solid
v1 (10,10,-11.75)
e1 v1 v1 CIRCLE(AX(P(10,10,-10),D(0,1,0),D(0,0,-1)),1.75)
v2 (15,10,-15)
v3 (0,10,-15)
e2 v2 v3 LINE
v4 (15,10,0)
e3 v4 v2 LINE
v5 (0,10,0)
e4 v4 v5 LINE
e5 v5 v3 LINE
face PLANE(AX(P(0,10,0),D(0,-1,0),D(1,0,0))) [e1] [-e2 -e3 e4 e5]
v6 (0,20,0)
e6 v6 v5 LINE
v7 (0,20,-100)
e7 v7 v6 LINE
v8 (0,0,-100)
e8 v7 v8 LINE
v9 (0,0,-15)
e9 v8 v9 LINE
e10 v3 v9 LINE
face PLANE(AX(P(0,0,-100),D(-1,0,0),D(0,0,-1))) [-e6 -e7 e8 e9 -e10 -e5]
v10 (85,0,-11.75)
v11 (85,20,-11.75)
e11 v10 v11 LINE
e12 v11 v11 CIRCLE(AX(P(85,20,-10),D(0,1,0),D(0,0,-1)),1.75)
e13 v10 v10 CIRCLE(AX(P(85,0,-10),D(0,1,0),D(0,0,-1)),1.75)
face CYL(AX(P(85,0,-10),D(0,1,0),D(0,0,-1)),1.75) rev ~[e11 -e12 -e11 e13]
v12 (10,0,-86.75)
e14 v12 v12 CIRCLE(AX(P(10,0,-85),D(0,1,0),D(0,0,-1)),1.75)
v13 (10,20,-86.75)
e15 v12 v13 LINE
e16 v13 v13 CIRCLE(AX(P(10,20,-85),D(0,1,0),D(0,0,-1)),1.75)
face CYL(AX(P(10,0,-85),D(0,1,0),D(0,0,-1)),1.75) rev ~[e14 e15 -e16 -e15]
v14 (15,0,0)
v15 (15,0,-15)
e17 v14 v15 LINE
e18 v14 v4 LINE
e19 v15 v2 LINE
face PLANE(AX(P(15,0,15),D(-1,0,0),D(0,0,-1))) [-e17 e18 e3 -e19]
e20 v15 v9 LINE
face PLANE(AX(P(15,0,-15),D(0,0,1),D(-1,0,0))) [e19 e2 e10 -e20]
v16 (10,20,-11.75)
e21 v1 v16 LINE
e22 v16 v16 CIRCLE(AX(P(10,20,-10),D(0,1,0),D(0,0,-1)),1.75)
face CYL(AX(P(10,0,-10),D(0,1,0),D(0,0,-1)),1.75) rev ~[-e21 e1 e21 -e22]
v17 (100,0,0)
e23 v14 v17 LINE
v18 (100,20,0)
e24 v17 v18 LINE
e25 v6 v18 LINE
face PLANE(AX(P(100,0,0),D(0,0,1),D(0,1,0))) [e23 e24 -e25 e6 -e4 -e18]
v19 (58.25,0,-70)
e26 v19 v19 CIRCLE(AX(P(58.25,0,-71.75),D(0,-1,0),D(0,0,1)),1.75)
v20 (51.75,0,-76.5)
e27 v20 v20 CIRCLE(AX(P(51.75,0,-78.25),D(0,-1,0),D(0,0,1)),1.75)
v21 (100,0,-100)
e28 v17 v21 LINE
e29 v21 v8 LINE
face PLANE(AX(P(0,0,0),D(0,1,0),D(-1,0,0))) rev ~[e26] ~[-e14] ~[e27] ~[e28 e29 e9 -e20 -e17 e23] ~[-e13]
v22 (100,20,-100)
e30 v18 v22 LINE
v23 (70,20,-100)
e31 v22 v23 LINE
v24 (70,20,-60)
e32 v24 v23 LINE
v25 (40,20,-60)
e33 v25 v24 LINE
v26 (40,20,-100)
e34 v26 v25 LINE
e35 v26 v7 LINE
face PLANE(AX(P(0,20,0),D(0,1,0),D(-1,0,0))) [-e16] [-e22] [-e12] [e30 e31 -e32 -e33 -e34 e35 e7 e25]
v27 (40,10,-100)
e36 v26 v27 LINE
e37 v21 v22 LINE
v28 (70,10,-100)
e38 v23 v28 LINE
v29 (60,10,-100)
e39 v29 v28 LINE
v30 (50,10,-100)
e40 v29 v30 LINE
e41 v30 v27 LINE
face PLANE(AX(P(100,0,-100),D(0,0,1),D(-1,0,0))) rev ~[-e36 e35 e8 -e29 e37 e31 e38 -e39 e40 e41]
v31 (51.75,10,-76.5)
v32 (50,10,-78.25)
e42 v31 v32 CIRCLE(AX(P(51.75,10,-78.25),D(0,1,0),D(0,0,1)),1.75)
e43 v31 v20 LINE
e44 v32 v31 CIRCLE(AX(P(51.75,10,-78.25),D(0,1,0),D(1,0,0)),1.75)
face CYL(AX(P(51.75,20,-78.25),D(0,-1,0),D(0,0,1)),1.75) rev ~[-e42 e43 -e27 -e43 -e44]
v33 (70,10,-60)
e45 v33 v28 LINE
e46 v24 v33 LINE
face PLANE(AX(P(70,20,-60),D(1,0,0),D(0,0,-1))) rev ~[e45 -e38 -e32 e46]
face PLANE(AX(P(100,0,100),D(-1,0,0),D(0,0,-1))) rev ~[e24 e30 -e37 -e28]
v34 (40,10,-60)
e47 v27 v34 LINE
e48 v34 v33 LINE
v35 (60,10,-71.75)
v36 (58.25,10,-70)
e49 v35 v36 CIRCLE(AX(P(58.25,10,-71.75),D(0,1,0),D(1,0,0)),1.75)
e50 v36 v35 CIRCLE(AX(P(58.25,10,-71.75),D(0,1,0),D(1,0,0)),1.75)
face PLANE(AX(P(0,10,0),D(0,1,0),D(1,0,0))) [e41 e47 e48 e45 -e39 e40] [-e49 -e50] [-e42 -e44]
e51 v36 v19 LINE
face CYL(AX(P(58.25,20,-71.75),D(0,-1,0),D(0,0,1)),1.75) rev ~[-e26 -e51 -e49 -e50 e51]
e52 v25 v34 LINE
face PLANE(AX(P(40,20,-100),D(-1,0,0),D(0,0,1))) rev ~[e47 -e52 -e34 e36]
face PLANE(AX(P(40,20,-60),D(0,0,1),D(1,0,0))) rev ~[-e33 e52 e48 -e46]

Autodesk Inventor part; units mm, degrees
ref_plane "YZ Plane" through (0, 0, 0) normal (1, 0, 0) x (0, 1, 0)
ref_plane "XZ Plane" through (0, 0, 0) normal (0, 1, 0) x (-1, 0, 0)
ref_plane "XY Plane" through (0, 0, 0) normal (0, 0, 1) x (1, 0, 0)
sketch "Boceto1" plane through (0, 0, 0) normal (0, 1, 0) x (-1, 0, 0)
  line L0 (100, 100) -> (-100, 100)
  line L1 (-100, 100) -> (-100, -100)
  line L2 (-100, -100) -> (100, -100)
  line L3 (100, -100) -> (100, 100)
  line L4 (100, 100) -> (-100, -100) construction
  line L5 (-100, 100) -> (100, -100) construction
  point P0 (0, 0)
  dimension "d0" = 200
  dimension "d1" = 200
extrude "Extrusión1" add sketch "Boceto1" along normal blind 20
sketch "Boceto2" plane through (0, 20, 0) normal (0, 1, 0) x (1, 0, 0)
  circle A0 centre (-11.5239, -30.0616) radius 3
  circle A1 centre (11.4761, -30.0616) radius 3
  circle A2 centre (-11.5239, -60.0616) radius 3
  circle A3 centre (11.4761, -60.0616) radius 3
  line L0 (-0.0239, -45.0616) -> (-35.0239, -45.0616)
  line L1 (-35.0239, -45.0616) -> (-35.0239, -80.0616)
  line L2 (-0.0239, -45.0616) -> (34.9761, -45.0616)
  line L3 (-11.5239, -30.0616) -> (11.4761, -60.0616)
  line L4 (-11.5239, -60.0616) -> (11.4761, -30.0616)
  line L5 (34.9761, -20.0616) -> (-35.0239, -20.0616)
  line L6 (-35.0239, -20.0616) -> (-35.0239, -80.0616)
  line L7 (34.9761, -80.0616) -> (34.9761, -20.0616)
  line L8 (-105, -100.0616) -> (105, -100.0616)
  line L9 (-105.0239, -80.0616) -> (104.9761, -80.0616)
  line L10 (-35.0239, -80.0616) -> (34.9761, -80.0616)
  line L11 (105, -100.0616) -> (95.8154, -100.0616)
  line L12 (-105.0239, -80.0616) -> (104.9761, -80.0616)
  line L13 (105, -80.0616) -> (-105, -80.0616)
  line L14 (-105, -100.0616) -> (105, -100.0616)
  line L15 (105, -90.0616) -> (94.0798, -90.0616)
  line L16 (-105, -100.0616) -> (105, -100.0616)
  line L17 (-105, -80.0616) -> (105, -80.0616)
  line L18 (105, -80.0616) -> (105, -100.0616)
  line L19 (105, -100.0616) -> (-105, -100.0616)
  line L20 (-105, -100.0616) -> (-105, -80.0616)
  line L21 (-100, 100) -> (-100, -100) projected
  line L22 (-100, -100) -> (100.4077, -100)
  point P0 (0, 0)
  point P1 (0, -10.0616)
  point P2 (0, -90.0616)
  point P3 (-0.0478, -80.0616)
  dimension "d4" = 20
  dimension "d5" = 20
  dimension "d6" = 30
  dimension "d7" = 30
  dimension "d8" = 20
  dimension "d9" = 35
  dimension "d10" = 35
  dimension "d11" = 60
extrude "Extrusión2" cut sketch "Boceto2" against normal blind 10
sketch "Boceto3" plane through (0, 20, 0) normal (0, 1, 0) x (1, 0, 0)
  circle A0 centre (-11.5239, -30.0616) radius 3 projected
  circle A1 centre (-11.5239, -30.0616) radius 3
  circle A2 centre (11.4761, -30.0616) radius 3 projected
  circle A3 centre (11.4761, -30.0616) radius 3
  circle A4 centre (11.4761, -60.0616) radius 3 projected
  circle A5 centre (11.4761, -60.0616) radius 3
  circle A6 centre (-11.5239, -60.0616) radius 3
  point P0 (0, 0)
extrude "Extrusión3" cut sketch "Boceto3" against normal blind 20
sketch "Boceto4" plane through (0, 20, 0) normal (0, 1, 0) x (1, 0, 0)
  circle A0 centre (-51.75, 78.25) radius 1.75
  line L0 (-50, 70) -> (-60, 70)
  line L1 (-60, 70) -> (-60, 80)
  line L2 (-60, 80) -> (-50, 80)
  line L3 (-50, 80) -> (-50, 70)
  line L4 (-50, 70) -> (-60, 80) construction
  line L5 (-60, 70) -> (-50, 80) construction
  line L6 (-105, 90) -> (-105, -90)
  circle A1 centre (-58.25, 71.75) radius 1.75
  line L7 (0, 90) -> (0, 77.3124)
  circle A2 centre (51.75, 78.25) radius 1.75
  line L8 (50, 70) -> (60, 70)
  line L9 (60, 70) -> (60, 80)
  line L10 (60, 80) -> (50, 80)
  line L11 (50, 80) -> (50, 70)
  line L12 (50, 70) -> (60, 80) construction
  line L13 (60, 70) -> (50, 80) construction
  circle A3 centre (58.25, 71.75) radius 1.75
  line L14 (100, 100) -> (-100, 100) projected
  line L15 (-100, 100) -> (-100, -80.0616) projected
  line L16 (100, -80.0616) -> (100, 100) projected
  point P0 (0, 0)
  point P1 (0, 0)
  point P2 (-60, 75)
  point P3 (60, 75)
  dimension "d16" = 3.5
  dimension "d18" = 1.75
  dimension "d19" = 1.75
  dimension "d20" = 1.75
  dimension "d21" = 1.75
  dimension "d22" = 10
  dimension "d23" = 10
  dimension "d25" = 20
  dimension "d26" = 40
  dimension "d27" = 40
hole "Agujero1" at (-58.25, 20, -71.75) at (-51.75, 20, -78.25) at (58.25, 20, -71.75) at (51.75, 20, -78.25) direction (0, -1, 0) diameter 3.5 end through all
sketch "Boceto5" plane through (0, 20, 0) normal (0, 1, 0) x (1, 0, 0)
  line L0 (0, 90) -> (0, 68.25)
  circle A0 centre (-51.75, 78.25) radius 1.75 projected
  line L1 (-50, 78.25) -> (-50, 100)
  circle A1 centre (-58.25, 71.75) radius 1.75 projected
  line L2 (-60, 71.75) -> (-60, 100)
  line L3 (-60, 100) -> (-70, 100)
  line L4 (-50, 100) -> (-40, 100)
  line L5 (-40, 100) -> (-40, 60)
  line L6 (-40, 60) -> (-70, 60)
  line L7 (-70, 60) -> (-70, 100)
  line L8 (-70, 100) -> (-40, 100)
  circle A2 centre (51.75, 78.25) radius 1.75
  line L9 (50, 78.25) -> (50, 100)
  circle A3 centre (58.25, 71.75) radius 1.75
  line L10 (60, 71.75) -> (60, 100)
  line L11 (60, 100) -> (70, 100)
  line L12 (50, 100) -> (40, 100)
  line L13 (40, 100) -> (40, 60)
  line L14 (40, 60) -> (70, 60)
  line L15 (70, 60) -> (70, 100)
  line L16 (70, 100) -> (40, 100)
  point P0 (0, 0)
  dimension "d38" = 10
  dimension "d39" = 10
  dimension "d40" = 40
extrude "Extrusión4" cut sketch "Boceto5" against normal blind 10
ref_plane "Plano de trabajo1" through (0, 0, -100) normal (-1, 0, 0) x (0, 0, 1)
ref_plane "Plano de trabajo2" through (100, 0, 0) normal (0, 0, -1) x (-1, 0, 0)
sketch "Boceto7" plane through (0, 0, 0) normal (0, -1, 0) x (1, 0, 0)
  circle A0 centre (10, -10) radius 1.75
  line L0 (6.803, 0) -> (14.6069, 0)
  line L1 (0, 0) -> (0, -4.8284)
  line L2 (0, 0) -> (20.0354, 0)
  circle A1 centre (10, 10) radius 1.75
  line L3 (0, 0) -> (0, 4.8284)
  circle A2 centre (-10, -10) radius 1.75
  circle A3 centre (-10, 10) radius 1.75
  dimension "d52" = 3.5
  dimension "d54" = 10
  dimension "d55" = 10
hole "Agujero2" at (10, 0, -10) at (10, 0, 10) at (-10, 0, 10) at (-10, 0, -10) direction (0, 1, 0) diameter 3.5 end through all
sketch "Boceto8" plane through (0, 0, 0) normal (0, -1, 0) x (1, 0, 0)
  line L0 (-15, 15) -> (15, 15)
  line L1 (15, 15) -> (15, -15)
  line L2 (15, -15) -> (-15, -15)
  line L3 (-15, -15) -> (-15, 15)
  line L4 (-15, 15) -> (15, -15) construction
  line L5 (15, 15) -> (-15, -15) construction
  point P0 (0, 0)
  dimension "d63" = 30
  dimension "d64" = 30
extrude "Extrusión5" cut sketch "Boceto8" against normal blind 10
sketch "Boceto9" plane through (0, 0, 0) normal (0, -1, 0) x (1, 0, 0)
  circle A0 centre (85, -10) radius 1.75
  line L0 (100, 100) -> (100, -100) projected
  line L1 (140, 0) -> (-140, 0) projected
  circle A1 centre (85, 10) radius 1.75
  line L2 (0, 0) -> (0, 9.4908)
  circle A2 centre (-85, -10) radius 1.75
  circle A3 centre (-85, 10) radius 1.75
  line L3 (0, 0) -> (6.3157, 6.3157)
  line L4 (0, 0) -> (8.9318, 0) construction
  circle A4 centre (10, 85) radius 1.75
  circle A5 centre (-10, -85) radius 1.75
  line L5 (0, 0) -> (5.9531, -5.9531)
  line L6 (0, 0) -> (8.419, 0) construction
  circle A6 centre (10, -85) radius 1.75
  circle A7 centre (-10, 85) radius 1.75
  dimension "d67" = 3.5
  dimension "d68" = 15
  dimension "d69" = 10
  dimension "d70" = 45
  dimension "d71" = 45
hole "Agujero3" at (-10, 0, 85) at (10, 0, 85) at (85, 0, 10) at (85, 0, -10) at (-85, 0, 10) at (-85, 0, -10) at (-10, 0, -85) at (10, 0, -85) direction (0, 1, 0) diameter 3.5 end through all
split "Dividir3" plane through (100, 0, 0) removes the side toward (0, 0, 1)
split "Dividir4" plane through (0, 0, -100) removes the side toward (-1, 0, 0)
properties part number "base_front_2"
